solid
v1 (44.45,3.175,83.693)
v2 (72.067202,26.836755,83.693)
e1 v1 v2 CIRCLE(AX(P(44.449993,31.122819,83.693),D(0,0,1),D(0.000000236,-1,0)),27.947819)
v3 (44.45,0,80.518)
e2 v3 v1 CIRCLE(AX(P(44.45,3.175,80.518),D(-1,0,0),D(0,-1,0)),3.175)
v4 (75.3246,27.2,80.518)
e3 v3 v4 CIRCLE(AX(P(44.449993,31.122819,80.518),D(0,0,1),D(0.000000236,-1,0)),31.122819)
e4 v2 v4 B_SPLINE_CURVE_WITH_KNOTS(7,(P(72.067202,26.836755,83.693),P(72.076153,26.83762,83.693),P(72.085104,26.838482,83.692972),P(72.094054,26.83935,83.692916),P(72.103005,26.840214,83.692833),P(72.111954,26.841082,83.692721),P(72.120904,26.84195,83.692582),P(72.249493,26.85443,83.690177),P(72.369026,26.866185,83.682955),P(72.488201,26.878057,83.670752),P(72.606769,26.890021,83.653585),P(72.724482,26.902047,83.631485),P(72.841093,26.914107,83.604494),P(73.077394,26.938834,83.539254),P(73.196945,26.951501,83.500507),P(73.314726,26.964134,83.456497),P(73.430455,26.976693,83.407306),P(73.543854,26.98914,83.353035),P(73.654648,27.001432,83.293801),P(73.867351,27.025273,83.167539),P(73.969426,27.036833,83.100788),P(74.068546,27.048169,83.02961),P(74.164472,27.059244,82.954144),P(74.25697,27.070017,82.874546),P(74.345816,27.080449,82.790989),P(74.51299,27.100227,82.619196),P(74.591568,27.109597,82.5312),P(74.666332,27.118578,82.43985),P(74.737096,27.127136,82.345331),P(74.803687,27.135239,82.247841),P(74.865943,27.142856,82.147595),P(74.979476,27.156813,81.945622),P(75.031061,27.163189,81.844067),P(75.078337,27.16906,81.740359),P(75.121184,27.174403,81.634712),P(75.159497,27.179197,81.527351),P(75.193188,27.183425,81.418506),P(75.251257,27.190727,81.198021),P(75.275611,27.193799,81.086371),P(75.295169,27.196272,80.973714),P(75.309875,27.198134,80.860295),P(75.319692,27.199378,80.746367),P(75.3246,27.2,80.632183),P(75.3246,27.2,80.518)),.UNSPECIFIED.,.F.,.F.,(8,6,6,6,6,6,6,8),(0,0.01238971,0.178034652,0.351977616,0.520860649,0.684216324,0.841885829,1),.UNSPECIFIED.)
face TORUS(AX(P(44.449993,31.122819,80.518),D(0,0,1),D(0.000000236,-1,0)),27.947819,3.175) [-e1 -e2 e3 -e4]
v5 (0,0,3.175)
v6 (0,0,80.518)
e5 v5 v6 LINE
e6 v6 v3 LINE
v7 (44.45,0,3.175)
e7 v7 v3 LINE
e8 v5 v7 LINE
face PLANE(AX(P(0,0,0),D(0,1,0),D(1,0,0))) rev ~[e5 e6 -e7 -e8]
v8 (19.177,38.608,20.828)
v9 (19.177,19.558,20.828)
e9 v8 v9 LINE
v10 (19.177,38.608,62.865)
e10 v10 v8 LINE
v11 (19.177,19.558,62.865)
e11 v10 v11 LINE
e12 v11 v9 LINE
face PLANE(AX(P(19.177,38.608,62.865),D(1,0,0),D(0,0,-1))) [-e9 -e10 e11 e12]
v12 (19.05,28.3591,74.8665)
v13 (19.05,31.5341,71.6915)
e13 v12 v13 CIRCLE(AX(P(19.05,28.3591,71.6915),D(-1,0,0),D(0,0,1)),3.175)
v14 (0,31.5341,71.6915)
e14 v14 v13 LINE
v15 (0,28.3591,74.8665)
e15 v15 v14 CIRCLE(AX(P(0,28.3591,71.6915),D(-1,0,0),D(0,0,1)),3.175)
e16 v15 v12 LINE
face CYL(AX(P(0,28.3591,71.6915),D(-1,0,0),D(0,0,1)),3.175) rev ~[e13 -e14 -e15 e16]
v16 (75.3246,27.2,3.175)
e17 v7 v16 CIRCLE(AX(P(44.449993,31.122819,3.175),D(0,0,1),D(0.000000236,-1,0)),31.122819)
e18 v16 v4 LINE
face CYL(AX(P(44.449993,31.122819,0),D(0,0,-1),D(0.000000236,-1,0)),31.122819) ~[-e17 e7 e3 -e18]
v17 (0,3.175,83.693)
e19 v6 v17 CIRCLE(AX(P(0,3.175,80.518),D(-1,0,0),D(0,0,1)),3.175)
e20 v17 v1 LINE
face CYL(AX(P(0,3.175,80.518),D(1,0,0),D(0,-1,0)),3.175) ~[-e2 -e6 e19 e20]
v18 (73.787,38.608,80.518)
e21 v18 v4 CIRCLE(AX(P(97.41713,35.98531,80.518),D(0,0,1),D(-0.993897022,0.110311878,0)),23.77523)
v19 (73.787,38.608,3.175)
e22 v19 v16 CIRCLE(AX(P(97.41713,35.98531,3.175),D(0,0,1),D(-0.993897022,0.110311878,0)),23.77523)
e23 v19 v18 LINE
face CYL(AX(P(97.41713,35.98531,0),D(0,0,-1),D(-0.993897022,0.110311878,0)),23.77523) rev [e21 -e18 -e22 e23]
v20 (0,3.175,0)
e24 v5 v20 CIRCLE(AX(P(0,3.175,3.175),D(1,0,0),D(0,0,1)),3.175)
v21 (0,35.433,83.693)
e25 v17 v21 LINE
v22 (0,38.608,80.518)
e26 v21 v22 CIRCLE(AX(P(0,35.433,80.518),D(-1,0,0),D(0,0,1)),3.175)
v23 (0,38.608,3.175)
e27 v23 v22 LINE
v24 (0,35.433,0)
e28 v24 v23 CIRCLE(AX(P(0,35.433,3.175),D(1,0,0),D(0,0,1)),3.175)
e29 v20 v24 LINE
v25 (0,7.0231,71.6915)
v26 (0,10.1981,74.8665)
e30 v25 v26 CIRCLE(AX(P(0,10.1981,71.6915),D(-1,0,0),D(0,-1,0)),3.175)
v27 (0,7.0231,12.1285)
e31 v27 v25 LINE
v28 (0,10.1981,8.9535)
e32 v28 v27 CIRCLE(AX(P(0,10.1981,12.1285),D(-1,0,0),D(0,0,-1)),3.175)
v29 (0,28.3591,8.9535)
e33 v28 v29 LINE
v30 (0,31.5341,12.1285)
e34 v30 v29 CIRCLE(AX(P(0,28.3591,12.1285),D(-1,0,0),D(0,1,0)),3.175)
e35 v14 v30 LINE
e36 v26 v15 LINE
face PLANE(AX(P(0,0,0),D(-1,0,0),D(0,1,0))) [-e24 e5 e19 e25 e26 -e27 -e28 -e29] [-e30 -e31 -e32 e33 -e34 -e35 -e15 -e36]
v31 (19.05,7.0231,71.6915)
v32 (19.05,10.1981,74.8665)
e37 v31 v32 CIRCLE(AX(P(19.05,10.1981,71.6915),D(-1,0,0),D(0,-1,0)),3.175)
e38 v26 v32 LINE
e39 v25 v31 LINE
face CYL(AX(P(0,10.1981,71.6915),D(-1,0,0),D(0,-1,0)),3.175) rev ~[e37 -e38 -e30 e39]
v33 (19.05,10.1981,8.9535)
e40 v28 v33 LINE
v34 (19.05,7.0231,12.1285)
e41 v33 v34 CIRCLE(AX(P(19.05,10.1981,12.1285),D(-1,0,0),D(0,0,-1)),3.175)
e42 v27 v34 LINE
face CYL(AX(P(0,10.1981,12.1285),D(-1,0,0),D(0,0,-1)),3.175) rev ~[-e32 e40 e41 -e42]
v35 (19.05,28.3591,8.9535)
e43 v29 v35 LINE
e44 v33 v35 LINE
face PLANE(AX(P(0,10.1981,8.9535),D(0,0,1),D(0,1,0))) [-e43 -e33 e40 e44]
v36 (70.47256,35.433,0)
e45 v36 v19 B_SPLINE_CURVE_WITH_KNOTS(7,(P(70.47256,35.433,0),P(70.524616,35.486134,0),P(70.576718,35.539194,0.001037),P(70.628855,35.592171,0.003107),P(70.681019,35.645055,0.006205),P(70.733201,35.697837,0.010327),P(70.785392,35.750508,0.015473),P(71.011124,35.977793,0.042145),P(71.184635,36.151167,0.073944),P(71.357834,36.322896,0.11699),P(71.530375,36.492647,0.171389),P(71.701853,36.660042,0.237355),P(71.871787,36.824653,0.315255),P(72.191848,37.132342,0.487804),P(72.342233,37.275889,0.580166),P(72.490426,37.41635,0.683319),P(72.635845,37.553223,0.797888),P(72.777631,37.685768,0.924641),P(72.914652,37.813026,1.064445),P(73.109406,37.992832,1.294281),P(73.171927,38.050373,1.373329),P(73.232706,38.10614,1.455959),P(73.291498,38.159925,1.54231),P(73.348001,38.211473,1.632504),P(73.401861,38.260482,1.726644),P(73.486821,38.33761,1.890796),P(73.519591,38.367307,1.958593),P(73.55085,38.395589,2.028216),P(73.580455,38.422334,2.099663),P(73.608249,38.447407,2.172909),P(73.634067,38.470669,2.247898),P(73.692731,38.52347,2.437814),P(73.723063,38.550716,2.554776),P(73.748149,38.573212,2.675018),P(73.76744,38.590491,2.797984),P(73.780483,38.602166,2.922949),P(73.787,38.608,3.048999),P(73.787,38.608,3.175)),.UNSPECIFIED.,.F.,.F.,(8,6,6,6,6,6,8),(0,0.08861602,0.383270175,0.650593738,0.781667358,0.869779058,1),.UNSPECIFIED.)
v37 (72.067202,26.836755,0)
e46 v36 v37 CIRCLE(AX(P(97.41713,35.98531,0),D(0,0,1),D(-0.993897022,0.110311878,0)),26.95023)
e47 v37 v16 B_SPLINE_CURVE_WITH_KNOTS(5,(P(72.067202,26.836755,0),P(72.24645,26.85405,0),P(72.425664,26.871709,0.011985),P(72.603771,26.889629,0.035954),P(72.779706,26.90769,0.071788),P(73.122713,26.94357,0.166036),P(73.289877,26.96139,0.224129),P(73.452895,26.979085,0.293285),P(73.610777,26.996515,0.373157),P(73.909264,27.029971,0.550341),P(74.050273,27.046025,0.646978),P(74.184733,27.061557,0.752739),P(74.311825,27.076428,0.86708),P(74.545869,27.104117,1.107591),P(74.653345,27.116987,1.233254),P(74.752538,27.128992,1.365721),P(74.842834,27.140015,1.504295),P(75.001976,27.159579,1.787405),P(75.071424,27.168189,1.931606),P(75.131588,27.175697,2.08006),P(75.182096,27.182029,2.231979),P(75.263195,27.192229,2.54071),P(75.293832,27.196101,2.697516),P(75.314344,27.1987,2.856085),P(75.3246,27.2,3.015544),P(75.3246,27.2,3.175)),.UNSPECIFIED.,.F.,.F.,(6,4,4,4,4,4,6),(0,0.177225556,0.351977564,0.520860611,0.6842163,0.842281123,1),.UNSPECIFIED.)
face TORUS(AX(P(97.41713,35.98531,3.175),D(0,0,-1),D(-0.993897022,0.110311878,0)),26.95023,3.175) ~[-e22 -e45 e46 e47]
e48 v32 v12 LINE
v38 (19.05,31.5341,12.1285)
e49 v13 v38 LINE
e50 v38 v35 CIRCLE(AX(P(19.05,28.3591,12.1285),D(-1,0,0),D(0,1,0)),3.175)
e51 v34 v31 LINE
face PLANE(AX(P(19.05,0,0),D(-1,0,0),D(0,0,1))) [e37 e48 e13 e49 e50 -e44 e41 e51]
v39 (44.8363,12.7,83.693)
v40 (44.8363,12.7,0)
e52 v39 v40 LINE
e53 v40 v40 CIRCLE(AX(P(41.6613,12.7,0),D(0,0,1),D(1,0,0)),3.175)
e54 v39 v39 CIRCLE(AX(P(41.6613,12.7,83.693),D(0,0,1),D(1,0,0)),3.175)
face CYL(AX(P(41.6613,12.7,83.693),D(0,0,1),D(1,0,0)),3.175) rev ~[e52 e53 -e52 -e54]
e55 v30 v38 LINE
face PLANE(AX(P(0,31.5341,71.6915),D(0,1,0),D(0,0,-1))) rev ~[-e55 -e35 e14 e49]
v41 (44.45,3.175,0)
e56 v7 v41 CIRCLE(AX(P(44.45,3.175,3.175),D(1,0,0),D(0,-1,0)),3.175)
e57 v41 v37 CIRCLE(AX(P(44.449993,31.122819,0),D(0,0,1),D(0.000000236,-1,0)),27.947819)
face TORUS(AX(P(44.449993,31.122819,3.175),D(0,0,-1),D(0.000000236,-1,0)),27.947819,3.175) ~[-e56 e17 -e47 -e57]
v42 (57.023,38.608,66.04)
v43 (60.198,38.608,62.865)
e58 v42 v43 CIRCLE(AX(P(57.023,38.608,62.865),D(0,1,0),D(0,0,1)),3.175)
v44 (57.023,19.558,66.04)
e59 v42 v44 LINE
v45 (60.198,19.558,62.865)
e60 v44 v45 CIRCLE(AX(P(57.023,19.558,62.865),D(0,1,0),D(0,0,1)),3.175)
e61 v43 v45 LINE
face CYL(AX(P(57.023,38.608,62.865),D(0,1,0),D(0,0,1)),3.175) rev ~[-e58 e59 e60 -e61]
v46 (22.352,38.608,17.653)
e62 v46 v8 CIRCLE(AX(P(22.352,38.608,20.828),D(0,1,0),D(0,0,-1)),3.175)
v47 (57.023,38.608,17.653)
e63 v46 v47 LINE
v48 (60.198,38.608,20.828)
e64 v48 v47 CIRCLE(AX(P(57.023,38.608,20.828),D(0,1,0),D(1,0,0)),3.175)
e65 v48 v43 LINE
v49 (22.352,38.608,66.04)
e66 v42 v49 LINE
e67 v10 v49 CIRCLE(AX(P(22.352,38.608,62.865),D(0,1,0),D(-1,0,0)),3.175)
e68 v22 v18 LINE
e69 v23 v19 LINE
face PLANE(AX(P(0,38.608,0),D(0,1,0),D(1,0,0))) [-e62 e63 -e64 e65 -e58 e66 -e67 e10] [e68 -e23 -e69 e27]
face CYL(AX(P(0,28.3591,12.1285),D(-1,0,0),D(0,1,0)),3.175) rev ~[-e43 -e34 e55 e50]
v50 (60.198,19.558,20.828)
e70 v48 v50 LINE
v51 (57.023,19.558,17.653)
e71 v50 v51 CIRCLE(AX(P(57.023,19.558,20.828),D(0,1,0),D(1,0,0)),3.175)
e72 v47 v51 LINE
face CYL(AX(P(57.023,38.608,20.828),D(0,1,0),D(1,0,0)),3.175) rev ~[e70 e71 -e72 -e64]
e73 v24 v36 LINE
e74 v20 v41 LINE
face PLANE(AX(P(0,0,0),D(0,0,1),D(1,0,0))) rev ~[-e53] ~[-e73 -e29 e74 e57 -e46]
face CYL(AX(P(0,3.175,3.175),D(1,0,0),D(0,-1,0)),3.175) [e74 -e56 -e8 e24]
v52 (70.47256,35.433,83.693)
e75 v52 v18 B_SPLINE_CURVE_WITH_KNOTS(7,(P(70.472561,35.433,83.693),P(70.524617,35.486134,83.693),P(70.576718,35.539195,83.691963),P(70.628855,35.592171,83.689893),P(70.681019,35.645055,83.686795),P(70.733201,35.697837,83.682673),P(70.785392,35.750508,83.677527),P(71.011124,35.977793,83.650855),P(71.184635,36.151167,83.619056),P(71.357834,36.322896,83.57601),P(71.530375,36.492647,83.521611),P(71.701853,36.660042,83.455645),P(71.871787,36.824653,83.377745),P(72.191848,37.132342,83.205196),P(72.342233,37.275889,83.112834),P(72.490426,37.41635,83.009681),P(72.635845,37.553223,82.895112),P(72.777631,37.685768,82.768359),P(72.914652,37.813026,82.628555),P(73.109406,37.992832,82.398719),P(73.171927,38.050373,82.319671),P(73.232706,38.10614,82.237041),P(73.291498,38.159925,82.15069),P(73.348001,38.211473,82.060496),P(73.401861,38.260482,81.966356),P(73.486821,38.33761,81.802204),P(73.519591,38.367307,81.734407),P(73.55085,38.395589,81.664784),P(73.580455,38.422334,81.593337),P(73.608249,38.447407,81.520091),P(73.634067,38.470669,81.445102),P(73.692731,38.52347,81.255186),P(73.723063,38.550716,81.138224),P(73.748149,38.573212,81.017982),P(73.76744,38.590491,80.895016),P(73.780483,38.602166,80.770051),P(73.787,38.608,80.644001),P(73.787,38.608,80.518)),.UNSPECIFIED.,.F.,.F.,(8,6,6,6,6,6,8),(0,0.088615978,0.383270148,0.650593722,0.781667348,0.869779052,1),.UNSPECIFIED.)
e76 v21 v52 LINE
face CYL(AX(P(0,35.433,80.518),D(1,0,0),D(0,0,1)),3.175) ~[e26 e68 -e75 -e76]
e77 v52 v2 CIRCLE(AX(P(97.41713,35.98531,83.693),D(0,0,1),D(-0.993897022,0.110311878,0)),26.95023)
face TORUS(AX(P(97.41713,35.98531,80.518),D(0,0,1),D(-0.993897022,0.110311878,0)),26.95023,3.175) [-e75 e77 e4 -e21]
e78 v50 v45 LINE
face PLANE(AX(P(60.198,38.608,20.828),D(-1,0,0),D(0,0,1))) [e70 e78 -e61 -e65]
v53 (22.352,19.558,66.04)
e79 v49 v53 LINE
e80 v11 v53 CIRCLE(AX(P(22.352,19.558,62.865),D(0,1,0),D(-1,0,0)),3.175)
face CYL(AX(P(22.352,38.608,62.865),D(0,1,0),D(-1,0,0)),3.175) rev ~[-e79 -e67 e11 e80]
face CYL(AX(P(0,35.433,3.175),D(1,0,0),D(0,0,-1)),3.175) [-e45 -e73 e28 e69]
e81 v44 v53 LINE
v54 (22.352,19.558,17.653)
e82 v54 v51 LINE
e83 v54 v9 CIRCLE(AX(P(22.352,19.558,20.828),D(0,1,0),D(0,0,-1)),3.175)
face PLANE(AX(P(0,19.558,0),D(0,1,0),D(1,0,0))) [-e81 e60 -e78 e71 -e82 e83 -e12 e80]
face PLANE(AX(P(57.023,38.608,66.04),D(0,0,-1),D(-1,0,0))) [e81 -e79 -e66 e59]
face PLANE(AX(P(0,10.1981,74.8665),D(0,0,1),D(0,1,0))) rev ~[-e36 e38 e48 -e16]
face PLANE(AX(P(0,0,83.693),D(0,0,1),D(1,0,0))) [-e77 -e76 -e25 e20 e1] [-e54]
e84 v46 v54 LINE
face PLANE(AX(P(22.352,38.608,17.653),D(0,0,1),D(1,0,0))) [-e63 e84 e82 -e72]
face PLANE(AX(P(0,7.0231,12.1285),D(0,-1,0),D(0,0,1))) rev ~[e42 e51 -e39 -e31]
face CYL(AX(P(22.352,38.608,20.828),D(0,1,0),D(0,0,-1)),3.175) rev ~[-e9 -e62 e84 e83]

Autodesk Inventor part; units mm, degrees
ref_plane "YZ Plane" through (0, 0, 0) normal (1, 0, 0) x (0, 1, 0)
ref_plane "XZ Plane" through (0, 0, 0) normal (0, 1, 0) x (-1, 0, 0)
ref_plane "XY Plane" through (0, 0, 0) normal (0, 0, 1) x (1, 0, 0)
sketch "Sketch1" plane through (0, 0, 0) normal (0, 0, 1) x (1, 0, 0)
  line L0 (0, 0) -> (0, 38.608)
  line L1 (0, 38.608) -> (73.787, 38.608)
  arc A0 (73.787, 38.608) -> (75.3246, 27.2) centre (97.4163, 35.9853) ccw
  line L2 (0, 0) -> (44.45, 0)
  arc A1 (44.45, 0) -> (75.3246, 27.2) centre (44.45, 31.1228) ccw
  dimension "d1" = 38.608
  dimension "d2" = 73.787
  dimension "d7" = 44.45
extrude "Extrusion1" add sketch "Sketch1" along normal blind 83.693
sketch "Sketch2" plane through (0, 38.608, 0) normal (0, 1, 0) x (1, 0, 0)
  line L0 (0, 0) -> (0, -83.693) projected
  line L1 (0, 0) -> (73.787, 0) projected
  line L2 (0, 0) -> (0, -83.693) projected
  line L3 (73.787, -83.693) -> (0, -83.693) projected
  line L4 (73.787, 0) -> (73.787, -83.693) projected
  line L5 (73.787, 0) -> (73.787, -83.693) projected
  line L6 (73.787, -17.653) -> (60.198, -17.653)
  line L7 (22.352, -17.653) -> (57.023, -17.653)
  line L8 (60.198, -20.828) -> (60.198, -62.865)
  line L9 (57.023, -66.04) -> (22.352, -66.04)
  line L10 (19.177, -62.865) -> (19.177, -20.828)
  arc A0 (22.352, -17.653) -> (19.177, -20.828) centre (22.352, -20.828) ccw
  arc A1 (60.198, -20.828) -> (57.023, -17.653) centre (57.023, -20.828) ccw
  arc A2 (19.177, -62.865) -> (22.352, -66.04) centre (22.352, -62.865) ccw
  arc A3 (57.023, -66.04) -> (60.198, -62.865) centre (57.023, -62.865) ccw
  point P0 (19.177, -17.653)
  point P1 (60.198, -66.04)
  point P2 (19.177, -66.04)
  dimension "d13" = 13.589
  dimension "d14" = 48.387
  dimension "d26" = 41.021
  dimension "d29" = 3.175
extrude "Extrusion2" cut sketch "Sketch2" against normal blind 19.05 contours L7 A1 L8 A3 L9 A2 L10 A0
sketch "Sketch3" plane through (0, 0, 0) normal (-1, 0, 0) x (0, 0, 1)
  line L0 (0, 0) -> (0, 38.608) projected
  line L1 (0, 0) -> (83.693, 0) projected
  line L2 (83.693, 38.608) -> (83.693, 0) projected
  line L3 (0, 38.608) -> (83.693, 38.608) projected
  line L4 (0, 38.608) -> (83.693, 38.608) projected
  line L5 (8.9535, 10.1981) -> (8.9535, 28.3591)
  line L6 (12.1285, 7.0231) -> (71.6915, 7.0231)
  line L7 (74.8665, 10.1981) -> (74.8665, 28.3591)
  line L8 (71.6915, 31.5341) -> (12.1285, 31.5341)
  arc A0 (74.8665, 28.3591) -> (71.6915, 31.5341) centre (71.6915, 28.3591) ccw
  arc A1 (12.1285, 31.5341) -> (8.9535, 28.3591) centre (12.1285, 28.3591) ccw
  arc A2 (8.9535, 10.1981) -> (12.1285, 7.0231) centre (12.1285, 10.1981) ccw
  arc A3 (71.6915, 7.0231) -> (74.8665, 10.1981) centre (71.6915, 10.1981) ccw
  point P0 (8.9535, 7.0231)
  point P1 (8.9535, 31.5341)
  point P2 (74.8665, 7.0231)
  point P3 (74.8665, 31.5341)
  dimension "d20" = 24.511
  dimension "d21" = 65.913
  dimension "d28" = 3.175
extrude "Extrusion3" cut sketch "Sketch3" against normal blind 19.05 contours L5 A1 L8 A0 L7 A3 L6 A2
fillet "Fillet2" radius 3.175 8 edges at (36.8935, 38.608, 83.693) (36.8935, 38.608, 0) (73.8549, 32.8095, 83.693) (22.225, 0, 83.693) (65.0236, 7.7699, 83.693) (73.8549, 32.8095, 0) (22.225, 0, 0) (65.0236, 7.7699, 0)
sketch "Sketch4" plane through (0, 0, 83.693) normal (0, 0, 1) x (1, 0, 0)
  circle A0 centre (41.6613, 12.7) radius 3.175
  line L0 (0, 0) -> (44.45, 0) projected
  dimension "d31" = 6.35
  dimension "d32" = 12.7
extrude "Extrusion4" cut sketch "Sketch4" against normal through all
